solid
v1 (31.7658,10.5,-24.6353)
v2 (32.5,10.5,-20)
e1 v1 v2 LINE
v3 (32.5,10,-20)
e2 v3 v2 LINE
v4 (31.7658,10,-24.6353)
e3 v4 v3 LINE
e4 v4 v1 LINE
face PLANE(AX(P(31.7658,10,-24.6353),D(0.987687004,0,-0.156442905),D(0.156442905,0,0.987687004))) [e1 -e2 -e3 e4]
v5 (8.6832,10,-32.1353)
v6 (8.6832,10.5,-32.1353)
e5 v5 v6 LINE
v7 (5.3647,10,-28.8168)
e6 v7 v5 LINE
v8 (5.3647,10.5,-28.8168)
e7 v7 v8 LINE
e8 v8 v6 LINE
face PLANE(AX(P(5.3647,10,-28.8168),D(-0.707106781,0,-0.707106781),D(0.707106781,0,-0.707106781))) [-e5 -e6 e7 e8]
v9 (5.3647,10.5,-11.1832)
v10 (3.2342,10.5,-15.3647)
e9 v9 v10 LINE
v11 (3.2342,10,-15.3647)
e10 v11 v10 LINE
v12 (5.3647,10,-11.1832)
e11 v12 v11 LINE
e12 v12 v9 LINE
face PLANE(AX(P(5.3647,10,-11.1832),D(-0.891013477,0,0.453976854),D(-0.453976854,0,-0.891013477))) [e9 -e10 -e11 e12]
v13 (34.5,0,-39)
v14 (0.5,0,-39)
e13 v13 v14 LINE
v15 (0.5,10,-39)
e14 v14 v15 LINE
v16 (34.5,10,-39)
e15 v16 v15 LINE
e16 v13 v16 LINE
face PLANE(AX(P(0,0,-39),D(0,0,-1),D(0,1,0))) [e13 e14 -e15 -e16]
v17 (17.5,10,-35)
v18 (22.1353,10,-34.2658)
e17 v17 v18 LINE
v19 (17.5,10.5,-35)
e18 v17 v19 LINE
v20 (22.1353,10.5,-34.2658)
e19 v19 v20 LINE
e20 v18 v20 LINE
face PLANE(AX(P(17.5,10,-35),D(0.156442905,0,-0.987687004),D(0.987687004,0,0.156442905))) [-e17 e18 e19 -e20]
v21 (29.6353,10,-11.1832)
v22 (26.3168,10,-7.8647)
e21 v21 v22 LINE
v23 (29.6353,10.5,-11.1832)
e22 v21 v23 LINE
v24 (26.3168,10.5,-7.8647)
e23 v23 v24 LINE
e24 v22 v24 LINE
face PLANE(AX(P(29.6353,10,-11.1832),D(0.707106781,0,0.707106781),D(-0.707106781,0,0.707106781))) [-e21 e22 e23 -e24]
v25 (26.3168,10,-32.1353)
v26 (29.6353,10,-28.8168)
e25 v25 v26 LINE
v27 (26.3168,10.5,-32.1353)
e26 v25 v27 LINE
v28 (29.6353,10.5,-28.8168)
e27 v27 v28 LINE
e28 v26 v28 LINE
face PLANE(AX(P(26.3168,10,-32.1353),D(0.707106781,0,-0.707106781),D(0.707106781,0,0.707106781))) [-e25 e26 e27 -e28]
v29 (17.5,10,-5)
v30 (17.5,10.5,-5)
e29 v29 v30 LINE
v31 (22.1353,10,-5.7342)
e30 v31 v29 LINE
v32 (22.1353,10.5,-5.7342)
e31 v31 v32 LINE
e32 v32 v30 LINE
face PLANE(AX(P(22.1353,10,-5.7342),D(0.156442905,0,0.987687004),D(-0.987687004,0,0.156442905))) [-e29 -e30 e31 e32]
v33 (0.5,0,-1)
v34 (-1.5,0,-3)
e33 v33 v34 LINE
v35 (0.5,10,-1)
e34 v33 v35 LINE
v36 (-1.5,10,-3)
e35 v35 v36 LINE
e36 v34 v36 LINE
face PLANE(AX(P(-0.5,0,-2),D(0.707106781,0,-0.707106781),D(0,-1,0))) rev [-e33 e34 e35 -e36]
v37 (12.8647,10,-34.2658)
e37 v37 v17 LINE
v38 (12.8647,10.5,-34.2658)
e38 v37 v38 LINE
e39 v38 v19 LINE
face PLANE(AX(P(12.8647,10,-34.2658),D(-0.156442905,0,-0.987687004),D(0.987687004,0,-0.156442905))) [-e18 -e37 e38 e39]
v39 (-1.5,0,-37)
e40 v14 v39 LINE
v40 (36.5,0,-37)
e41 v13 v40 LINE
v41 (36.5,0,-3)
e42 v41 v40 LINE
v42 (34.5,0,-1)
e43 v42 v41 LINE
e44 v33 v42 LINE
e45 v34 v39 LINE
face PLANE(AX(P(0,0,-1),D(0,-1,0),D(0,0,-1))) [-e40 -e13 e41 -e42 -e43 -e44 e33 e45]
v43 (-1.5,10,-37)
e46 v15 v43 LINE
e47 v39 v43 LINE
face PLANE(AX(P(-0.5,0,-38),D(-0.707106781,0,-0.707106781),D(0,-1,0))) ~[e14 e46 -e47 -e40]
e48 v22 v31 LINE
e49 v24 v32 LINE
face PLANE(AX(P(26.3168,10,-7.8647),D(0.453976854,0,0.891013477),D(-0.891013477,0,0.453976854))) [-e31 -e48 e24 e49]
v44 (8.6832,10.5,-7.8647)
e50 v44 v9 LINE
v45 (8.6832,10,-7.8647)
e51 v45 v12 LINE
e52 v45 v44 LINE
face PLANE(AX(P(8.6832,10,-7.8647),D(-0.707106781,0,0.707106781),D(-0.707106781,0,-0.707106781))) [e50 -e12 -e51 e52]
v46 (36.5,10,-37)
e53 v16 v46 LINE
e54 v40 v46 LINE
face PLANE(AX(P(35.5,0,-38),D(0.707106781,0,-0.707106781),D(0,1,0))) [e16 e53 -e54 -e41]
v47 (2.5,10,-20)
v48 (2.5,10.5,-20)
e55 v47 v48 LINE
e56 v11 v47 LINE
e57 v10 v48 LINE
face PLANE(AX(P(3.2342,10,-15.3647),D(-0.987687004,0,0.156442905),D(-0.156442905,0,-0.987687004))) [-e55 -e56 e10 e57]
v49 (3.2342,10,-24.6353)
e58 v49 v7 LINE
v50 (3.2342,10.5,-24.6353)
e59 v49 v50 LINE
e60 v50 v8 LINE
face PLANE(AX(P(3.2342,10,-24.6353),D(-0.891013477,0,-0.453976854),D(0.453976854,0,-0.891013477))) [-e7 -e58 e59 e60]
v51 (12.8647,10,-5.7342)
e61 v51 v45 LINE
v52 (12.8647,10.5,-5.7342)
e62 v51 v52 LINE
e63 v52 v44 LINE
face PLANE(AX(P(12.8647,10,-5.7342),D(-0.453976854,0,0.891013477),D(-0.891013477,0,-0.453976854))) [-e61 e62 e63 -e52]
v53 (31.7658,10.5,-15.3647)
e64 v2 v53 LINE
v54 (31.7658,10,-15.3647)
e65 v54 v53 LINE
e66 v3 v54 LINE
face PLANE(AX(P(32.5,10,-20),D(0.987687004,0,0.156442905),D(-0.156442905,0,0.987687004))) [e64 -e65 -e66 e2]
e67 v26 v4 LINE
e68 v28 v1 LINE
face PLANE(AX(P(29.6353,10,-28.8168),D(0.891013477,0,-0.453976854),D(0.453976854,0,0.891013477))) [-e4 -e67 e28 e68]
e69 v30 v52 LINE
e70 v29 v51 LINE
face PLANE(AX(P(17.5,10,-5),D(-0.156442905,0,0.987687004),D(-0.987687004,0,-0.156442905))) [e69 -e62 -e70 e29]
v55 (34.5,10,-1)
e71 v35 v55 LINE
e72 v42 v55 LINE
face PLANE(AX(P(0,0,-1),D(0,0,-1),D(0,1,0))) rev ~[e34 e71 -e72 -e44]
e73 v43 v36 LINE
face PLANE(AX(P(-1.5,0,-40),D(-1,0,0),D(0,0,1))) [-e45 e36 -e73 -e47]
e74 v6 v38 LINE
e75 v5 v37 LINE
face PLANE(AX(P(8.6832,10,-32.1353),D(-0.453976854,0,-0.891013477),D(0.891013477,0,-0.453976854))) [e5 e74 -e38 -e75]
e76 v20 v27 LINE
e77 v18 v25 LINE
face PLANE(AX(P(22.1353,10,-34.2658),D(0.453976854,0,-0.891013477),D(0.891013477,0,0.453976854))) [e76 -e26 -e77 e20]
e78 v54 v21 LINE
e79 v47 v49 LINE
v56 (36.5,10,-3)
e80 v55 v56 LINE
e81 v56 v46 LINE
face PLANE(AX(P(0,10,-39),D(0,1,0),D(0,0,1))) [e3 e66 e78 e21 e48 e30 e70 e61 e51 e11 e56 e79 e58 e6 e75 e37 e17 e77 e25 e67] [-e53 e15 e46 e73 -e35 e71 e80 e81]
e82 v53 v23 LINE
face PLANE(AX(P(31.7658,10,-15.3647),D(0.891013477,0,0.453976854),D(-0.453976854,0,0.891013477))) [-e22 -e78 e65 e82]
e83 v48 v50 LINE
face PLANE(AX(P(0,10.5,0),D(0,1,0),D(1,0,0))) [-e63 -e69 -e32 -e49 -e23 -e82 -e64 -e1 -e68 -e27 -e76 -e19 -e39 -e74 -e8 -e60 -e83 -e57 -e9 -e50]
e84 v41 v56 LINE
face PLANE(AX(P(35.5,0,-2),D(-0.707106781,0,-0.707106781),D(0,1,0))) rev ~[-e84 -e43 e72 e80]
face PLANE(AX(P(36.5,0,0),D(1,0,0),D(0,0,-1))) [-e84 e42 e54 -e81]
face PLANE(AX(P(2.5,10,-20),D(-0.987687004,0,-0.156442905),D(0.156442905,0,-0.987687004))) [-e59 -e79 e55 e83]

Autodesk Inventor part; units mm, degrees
ref_plane "YZ Plane" through (0, 0, 0) normal (1, 0, 0) x (0, 1, 0)
ref_plane "XZ Plane" through (0, 0, 0) normal (0, 1, 0) x (-1, 0, 0)
ref_plane "XY Plane" through (0, 0, 0) normal (0, 0, 1) x (1, 0, 0)
sketch "草圖1" plane through (0, 0, 0) normal (0, 1, 0) x (-1, 0, 0)
  line L0 (0, 0) -> (-35, 0)
  line L1 (-35, 0) -> (-35, -40)
  line L2 (-35, -40) -> (0, -40)
  line L3 (0, -40) -> (0, 0)
  line L4 (0, -40) -> (0, -39)
  line L5 (0, -39) -> (-35, -39)
  line L6 (-35, -39) -> (-35, -40)
  line L7 (-35, -40) -> (0, -40)
  line L8 (0, 0) -> (0, -1)
  line L9 (0, -1) -> (-35, -1)
  line L10 (-35, -1) -> (-35, 0)
  line L11 (-35, 0) -> (0, 0)
  dimension "d0" = 35
  dimension "d1" = 40
  dimension "d19" = 1
  dimension "d20" = 1
extrude "擠出1" add sketch "草圖1" along normal blind 10 contours L3 L5 L1 L9
sketch "草圖2" plane through (0, 10, 0) normal (0, 1, 0) x (1, 0, 0)
  line L0 (0, 0) -> (0, 20)
  line L1 (0, 20) -> (17.5, 20)
  line L2 (17.5, 20) -> (17.5, 0)
  line L3 (17.5, 0) -> (0, 0)
  line L4 (17.5, 20) -> (2.5, 20)
  line L5 (2.5, 20) -> (3.2342, 24.6353)
  line L6 (3.2342, 24.6353) -> (5.3647, 28.8168)
  line L7 (5.3647, 28.8168) -> (8.6832, 32.1353)
  line L8 (8.6832, 32.1353) -> (12.8647, 34.2658)
  line L9 (12.8647, 34.2658) -> (17.5, 35)
  line L10 (17.5, 35) -> (22.1353, 34.2658)
  line L11 (22.1353, 34.2658) -> (26.3168, 32.1353)
  line L12 (26.3168, 32.1353) -> (29.6353, 28.8168)
  line L13 (29.6353, 28.8168) -> (31.7658, 24.6353)
  line L14 (31.7658, 24.6353) -> (32.5, 20)
  line L15 (32.5, 20) -> (31.7658, 15.3647)
  line L16 (31.7658, 15.3647) -> (29.6353, 11.1832)
  line L17 (29.6353, 11.1832) -> (26.3168, 7.8647)
  line L18 (26.3168, 7.8647) -> (22.1353, 5.7342)
  line L19 (22.1353, 5.7342) -> (17.5, 5)
  line L20 (17.5, 5) -> (12.8647, 5.7342)
  line L21 (12.8647, 5.7342) -> (8.6832, 7.8647)
  line L22 (8.6832, 7.8647) -> (5.3647, 11.1832)
  line L23 (5.3647, 11.1832) -> (3.2342, 15.3647)
  line L24 (3.2342, 15.3647) -> (2.5, 20)
  dimension "d7" = 17.5
  dimension "d8" = 20
  dimension "d9" = 15
extrude "擠出2" add sketch "草圖2" along normal blind 0.5 contours L5 L6 L7 L8 L9 L10 L11 L12 L13 L14 L15 L16 L17 L18 L19 L2 L1 | L1 L2 L20 L21 L22 L23 L24
sketch "草圖3" plane through (35, 0, 0) normal (1, 0, 0) x (0, 0, -1)
  line L0 (40, 0) -> (40, 10) projected
  line L1 (1, 10) -> (39, 10) projected
  line L2 (40, 0) -> (40, 10)
  line L3 (40, 10) -> (0, 10)
  line L4 (0, 10) -> (0, 0)
  line L5 (0, 0) -> (40, 0)
  line L6 (1, 0) -> (1, 10) projected
  line L7 (0, 10) -> (1, 10)
  line L8 (1, 10) -> (1, 0)
  line L9 (1, 0) -> (0, 0)
  line L10 (0, 0) -> (0, 10)
  line L11 (39, 0) -> (39, 10) projected
  line L12 (39, 10) -> (40, 10)
  line L13 (40, 10) -> (40, 0)
  line L14 (40, 0) -> (39, 0)
  line L15 (39, 0) -> (39, 10)
  point P0 (0, 0)
extrude "擠出3" add sketch "草圖3" along normal blind 1.5 contours L5 L6 L1 L11
sketch "草圖4" plane through (0, 0, -40) normal (-1, 0, 0) x (0, 0, 1)
  line L0 (0, 10) -> (40, 10)
  line L1 (40, 10) -> (40, 0)
  line L2 (40, 0) -> (0, 0)
  line L3 (0, 0) -> (0, 10)
  line L4 (1, 0) -> (1, 10) projected
  line L5 (1, 0) -> (1, 10)
  line L6 (39, 0) -> (39, 10) projected
  line L7 (1, 10) -> (39, 10)
  line L8 (39, 10) -> (39, 0)
  line L9 (0, 10) -> (1, 10)
  line L10 (1, 10) -> (1, 0)
  line L11 (1, 0) -> (0, 0)
  line L12 (0, 0) -> (0, 10)
  line L13 (39, 10) -> (40, 10)
  line L14 (40, 10) -> (40, 0)
  line L15 (40, 0) -> (39, 0)
  line L16 (39, 0) -> (39, 10)
extrude "擠出4" add sketch "草圖4" along normal blind 1.5 contours L0 L6 L2 L4
chamfer "倒角3" distance 2 angle 45 4 edges at (36.5, 5, -1) (36.5, 5, -39) (-1.5, 5, -39) (-1.5, 5, -1)
properties part number "樓上跟尖下"
